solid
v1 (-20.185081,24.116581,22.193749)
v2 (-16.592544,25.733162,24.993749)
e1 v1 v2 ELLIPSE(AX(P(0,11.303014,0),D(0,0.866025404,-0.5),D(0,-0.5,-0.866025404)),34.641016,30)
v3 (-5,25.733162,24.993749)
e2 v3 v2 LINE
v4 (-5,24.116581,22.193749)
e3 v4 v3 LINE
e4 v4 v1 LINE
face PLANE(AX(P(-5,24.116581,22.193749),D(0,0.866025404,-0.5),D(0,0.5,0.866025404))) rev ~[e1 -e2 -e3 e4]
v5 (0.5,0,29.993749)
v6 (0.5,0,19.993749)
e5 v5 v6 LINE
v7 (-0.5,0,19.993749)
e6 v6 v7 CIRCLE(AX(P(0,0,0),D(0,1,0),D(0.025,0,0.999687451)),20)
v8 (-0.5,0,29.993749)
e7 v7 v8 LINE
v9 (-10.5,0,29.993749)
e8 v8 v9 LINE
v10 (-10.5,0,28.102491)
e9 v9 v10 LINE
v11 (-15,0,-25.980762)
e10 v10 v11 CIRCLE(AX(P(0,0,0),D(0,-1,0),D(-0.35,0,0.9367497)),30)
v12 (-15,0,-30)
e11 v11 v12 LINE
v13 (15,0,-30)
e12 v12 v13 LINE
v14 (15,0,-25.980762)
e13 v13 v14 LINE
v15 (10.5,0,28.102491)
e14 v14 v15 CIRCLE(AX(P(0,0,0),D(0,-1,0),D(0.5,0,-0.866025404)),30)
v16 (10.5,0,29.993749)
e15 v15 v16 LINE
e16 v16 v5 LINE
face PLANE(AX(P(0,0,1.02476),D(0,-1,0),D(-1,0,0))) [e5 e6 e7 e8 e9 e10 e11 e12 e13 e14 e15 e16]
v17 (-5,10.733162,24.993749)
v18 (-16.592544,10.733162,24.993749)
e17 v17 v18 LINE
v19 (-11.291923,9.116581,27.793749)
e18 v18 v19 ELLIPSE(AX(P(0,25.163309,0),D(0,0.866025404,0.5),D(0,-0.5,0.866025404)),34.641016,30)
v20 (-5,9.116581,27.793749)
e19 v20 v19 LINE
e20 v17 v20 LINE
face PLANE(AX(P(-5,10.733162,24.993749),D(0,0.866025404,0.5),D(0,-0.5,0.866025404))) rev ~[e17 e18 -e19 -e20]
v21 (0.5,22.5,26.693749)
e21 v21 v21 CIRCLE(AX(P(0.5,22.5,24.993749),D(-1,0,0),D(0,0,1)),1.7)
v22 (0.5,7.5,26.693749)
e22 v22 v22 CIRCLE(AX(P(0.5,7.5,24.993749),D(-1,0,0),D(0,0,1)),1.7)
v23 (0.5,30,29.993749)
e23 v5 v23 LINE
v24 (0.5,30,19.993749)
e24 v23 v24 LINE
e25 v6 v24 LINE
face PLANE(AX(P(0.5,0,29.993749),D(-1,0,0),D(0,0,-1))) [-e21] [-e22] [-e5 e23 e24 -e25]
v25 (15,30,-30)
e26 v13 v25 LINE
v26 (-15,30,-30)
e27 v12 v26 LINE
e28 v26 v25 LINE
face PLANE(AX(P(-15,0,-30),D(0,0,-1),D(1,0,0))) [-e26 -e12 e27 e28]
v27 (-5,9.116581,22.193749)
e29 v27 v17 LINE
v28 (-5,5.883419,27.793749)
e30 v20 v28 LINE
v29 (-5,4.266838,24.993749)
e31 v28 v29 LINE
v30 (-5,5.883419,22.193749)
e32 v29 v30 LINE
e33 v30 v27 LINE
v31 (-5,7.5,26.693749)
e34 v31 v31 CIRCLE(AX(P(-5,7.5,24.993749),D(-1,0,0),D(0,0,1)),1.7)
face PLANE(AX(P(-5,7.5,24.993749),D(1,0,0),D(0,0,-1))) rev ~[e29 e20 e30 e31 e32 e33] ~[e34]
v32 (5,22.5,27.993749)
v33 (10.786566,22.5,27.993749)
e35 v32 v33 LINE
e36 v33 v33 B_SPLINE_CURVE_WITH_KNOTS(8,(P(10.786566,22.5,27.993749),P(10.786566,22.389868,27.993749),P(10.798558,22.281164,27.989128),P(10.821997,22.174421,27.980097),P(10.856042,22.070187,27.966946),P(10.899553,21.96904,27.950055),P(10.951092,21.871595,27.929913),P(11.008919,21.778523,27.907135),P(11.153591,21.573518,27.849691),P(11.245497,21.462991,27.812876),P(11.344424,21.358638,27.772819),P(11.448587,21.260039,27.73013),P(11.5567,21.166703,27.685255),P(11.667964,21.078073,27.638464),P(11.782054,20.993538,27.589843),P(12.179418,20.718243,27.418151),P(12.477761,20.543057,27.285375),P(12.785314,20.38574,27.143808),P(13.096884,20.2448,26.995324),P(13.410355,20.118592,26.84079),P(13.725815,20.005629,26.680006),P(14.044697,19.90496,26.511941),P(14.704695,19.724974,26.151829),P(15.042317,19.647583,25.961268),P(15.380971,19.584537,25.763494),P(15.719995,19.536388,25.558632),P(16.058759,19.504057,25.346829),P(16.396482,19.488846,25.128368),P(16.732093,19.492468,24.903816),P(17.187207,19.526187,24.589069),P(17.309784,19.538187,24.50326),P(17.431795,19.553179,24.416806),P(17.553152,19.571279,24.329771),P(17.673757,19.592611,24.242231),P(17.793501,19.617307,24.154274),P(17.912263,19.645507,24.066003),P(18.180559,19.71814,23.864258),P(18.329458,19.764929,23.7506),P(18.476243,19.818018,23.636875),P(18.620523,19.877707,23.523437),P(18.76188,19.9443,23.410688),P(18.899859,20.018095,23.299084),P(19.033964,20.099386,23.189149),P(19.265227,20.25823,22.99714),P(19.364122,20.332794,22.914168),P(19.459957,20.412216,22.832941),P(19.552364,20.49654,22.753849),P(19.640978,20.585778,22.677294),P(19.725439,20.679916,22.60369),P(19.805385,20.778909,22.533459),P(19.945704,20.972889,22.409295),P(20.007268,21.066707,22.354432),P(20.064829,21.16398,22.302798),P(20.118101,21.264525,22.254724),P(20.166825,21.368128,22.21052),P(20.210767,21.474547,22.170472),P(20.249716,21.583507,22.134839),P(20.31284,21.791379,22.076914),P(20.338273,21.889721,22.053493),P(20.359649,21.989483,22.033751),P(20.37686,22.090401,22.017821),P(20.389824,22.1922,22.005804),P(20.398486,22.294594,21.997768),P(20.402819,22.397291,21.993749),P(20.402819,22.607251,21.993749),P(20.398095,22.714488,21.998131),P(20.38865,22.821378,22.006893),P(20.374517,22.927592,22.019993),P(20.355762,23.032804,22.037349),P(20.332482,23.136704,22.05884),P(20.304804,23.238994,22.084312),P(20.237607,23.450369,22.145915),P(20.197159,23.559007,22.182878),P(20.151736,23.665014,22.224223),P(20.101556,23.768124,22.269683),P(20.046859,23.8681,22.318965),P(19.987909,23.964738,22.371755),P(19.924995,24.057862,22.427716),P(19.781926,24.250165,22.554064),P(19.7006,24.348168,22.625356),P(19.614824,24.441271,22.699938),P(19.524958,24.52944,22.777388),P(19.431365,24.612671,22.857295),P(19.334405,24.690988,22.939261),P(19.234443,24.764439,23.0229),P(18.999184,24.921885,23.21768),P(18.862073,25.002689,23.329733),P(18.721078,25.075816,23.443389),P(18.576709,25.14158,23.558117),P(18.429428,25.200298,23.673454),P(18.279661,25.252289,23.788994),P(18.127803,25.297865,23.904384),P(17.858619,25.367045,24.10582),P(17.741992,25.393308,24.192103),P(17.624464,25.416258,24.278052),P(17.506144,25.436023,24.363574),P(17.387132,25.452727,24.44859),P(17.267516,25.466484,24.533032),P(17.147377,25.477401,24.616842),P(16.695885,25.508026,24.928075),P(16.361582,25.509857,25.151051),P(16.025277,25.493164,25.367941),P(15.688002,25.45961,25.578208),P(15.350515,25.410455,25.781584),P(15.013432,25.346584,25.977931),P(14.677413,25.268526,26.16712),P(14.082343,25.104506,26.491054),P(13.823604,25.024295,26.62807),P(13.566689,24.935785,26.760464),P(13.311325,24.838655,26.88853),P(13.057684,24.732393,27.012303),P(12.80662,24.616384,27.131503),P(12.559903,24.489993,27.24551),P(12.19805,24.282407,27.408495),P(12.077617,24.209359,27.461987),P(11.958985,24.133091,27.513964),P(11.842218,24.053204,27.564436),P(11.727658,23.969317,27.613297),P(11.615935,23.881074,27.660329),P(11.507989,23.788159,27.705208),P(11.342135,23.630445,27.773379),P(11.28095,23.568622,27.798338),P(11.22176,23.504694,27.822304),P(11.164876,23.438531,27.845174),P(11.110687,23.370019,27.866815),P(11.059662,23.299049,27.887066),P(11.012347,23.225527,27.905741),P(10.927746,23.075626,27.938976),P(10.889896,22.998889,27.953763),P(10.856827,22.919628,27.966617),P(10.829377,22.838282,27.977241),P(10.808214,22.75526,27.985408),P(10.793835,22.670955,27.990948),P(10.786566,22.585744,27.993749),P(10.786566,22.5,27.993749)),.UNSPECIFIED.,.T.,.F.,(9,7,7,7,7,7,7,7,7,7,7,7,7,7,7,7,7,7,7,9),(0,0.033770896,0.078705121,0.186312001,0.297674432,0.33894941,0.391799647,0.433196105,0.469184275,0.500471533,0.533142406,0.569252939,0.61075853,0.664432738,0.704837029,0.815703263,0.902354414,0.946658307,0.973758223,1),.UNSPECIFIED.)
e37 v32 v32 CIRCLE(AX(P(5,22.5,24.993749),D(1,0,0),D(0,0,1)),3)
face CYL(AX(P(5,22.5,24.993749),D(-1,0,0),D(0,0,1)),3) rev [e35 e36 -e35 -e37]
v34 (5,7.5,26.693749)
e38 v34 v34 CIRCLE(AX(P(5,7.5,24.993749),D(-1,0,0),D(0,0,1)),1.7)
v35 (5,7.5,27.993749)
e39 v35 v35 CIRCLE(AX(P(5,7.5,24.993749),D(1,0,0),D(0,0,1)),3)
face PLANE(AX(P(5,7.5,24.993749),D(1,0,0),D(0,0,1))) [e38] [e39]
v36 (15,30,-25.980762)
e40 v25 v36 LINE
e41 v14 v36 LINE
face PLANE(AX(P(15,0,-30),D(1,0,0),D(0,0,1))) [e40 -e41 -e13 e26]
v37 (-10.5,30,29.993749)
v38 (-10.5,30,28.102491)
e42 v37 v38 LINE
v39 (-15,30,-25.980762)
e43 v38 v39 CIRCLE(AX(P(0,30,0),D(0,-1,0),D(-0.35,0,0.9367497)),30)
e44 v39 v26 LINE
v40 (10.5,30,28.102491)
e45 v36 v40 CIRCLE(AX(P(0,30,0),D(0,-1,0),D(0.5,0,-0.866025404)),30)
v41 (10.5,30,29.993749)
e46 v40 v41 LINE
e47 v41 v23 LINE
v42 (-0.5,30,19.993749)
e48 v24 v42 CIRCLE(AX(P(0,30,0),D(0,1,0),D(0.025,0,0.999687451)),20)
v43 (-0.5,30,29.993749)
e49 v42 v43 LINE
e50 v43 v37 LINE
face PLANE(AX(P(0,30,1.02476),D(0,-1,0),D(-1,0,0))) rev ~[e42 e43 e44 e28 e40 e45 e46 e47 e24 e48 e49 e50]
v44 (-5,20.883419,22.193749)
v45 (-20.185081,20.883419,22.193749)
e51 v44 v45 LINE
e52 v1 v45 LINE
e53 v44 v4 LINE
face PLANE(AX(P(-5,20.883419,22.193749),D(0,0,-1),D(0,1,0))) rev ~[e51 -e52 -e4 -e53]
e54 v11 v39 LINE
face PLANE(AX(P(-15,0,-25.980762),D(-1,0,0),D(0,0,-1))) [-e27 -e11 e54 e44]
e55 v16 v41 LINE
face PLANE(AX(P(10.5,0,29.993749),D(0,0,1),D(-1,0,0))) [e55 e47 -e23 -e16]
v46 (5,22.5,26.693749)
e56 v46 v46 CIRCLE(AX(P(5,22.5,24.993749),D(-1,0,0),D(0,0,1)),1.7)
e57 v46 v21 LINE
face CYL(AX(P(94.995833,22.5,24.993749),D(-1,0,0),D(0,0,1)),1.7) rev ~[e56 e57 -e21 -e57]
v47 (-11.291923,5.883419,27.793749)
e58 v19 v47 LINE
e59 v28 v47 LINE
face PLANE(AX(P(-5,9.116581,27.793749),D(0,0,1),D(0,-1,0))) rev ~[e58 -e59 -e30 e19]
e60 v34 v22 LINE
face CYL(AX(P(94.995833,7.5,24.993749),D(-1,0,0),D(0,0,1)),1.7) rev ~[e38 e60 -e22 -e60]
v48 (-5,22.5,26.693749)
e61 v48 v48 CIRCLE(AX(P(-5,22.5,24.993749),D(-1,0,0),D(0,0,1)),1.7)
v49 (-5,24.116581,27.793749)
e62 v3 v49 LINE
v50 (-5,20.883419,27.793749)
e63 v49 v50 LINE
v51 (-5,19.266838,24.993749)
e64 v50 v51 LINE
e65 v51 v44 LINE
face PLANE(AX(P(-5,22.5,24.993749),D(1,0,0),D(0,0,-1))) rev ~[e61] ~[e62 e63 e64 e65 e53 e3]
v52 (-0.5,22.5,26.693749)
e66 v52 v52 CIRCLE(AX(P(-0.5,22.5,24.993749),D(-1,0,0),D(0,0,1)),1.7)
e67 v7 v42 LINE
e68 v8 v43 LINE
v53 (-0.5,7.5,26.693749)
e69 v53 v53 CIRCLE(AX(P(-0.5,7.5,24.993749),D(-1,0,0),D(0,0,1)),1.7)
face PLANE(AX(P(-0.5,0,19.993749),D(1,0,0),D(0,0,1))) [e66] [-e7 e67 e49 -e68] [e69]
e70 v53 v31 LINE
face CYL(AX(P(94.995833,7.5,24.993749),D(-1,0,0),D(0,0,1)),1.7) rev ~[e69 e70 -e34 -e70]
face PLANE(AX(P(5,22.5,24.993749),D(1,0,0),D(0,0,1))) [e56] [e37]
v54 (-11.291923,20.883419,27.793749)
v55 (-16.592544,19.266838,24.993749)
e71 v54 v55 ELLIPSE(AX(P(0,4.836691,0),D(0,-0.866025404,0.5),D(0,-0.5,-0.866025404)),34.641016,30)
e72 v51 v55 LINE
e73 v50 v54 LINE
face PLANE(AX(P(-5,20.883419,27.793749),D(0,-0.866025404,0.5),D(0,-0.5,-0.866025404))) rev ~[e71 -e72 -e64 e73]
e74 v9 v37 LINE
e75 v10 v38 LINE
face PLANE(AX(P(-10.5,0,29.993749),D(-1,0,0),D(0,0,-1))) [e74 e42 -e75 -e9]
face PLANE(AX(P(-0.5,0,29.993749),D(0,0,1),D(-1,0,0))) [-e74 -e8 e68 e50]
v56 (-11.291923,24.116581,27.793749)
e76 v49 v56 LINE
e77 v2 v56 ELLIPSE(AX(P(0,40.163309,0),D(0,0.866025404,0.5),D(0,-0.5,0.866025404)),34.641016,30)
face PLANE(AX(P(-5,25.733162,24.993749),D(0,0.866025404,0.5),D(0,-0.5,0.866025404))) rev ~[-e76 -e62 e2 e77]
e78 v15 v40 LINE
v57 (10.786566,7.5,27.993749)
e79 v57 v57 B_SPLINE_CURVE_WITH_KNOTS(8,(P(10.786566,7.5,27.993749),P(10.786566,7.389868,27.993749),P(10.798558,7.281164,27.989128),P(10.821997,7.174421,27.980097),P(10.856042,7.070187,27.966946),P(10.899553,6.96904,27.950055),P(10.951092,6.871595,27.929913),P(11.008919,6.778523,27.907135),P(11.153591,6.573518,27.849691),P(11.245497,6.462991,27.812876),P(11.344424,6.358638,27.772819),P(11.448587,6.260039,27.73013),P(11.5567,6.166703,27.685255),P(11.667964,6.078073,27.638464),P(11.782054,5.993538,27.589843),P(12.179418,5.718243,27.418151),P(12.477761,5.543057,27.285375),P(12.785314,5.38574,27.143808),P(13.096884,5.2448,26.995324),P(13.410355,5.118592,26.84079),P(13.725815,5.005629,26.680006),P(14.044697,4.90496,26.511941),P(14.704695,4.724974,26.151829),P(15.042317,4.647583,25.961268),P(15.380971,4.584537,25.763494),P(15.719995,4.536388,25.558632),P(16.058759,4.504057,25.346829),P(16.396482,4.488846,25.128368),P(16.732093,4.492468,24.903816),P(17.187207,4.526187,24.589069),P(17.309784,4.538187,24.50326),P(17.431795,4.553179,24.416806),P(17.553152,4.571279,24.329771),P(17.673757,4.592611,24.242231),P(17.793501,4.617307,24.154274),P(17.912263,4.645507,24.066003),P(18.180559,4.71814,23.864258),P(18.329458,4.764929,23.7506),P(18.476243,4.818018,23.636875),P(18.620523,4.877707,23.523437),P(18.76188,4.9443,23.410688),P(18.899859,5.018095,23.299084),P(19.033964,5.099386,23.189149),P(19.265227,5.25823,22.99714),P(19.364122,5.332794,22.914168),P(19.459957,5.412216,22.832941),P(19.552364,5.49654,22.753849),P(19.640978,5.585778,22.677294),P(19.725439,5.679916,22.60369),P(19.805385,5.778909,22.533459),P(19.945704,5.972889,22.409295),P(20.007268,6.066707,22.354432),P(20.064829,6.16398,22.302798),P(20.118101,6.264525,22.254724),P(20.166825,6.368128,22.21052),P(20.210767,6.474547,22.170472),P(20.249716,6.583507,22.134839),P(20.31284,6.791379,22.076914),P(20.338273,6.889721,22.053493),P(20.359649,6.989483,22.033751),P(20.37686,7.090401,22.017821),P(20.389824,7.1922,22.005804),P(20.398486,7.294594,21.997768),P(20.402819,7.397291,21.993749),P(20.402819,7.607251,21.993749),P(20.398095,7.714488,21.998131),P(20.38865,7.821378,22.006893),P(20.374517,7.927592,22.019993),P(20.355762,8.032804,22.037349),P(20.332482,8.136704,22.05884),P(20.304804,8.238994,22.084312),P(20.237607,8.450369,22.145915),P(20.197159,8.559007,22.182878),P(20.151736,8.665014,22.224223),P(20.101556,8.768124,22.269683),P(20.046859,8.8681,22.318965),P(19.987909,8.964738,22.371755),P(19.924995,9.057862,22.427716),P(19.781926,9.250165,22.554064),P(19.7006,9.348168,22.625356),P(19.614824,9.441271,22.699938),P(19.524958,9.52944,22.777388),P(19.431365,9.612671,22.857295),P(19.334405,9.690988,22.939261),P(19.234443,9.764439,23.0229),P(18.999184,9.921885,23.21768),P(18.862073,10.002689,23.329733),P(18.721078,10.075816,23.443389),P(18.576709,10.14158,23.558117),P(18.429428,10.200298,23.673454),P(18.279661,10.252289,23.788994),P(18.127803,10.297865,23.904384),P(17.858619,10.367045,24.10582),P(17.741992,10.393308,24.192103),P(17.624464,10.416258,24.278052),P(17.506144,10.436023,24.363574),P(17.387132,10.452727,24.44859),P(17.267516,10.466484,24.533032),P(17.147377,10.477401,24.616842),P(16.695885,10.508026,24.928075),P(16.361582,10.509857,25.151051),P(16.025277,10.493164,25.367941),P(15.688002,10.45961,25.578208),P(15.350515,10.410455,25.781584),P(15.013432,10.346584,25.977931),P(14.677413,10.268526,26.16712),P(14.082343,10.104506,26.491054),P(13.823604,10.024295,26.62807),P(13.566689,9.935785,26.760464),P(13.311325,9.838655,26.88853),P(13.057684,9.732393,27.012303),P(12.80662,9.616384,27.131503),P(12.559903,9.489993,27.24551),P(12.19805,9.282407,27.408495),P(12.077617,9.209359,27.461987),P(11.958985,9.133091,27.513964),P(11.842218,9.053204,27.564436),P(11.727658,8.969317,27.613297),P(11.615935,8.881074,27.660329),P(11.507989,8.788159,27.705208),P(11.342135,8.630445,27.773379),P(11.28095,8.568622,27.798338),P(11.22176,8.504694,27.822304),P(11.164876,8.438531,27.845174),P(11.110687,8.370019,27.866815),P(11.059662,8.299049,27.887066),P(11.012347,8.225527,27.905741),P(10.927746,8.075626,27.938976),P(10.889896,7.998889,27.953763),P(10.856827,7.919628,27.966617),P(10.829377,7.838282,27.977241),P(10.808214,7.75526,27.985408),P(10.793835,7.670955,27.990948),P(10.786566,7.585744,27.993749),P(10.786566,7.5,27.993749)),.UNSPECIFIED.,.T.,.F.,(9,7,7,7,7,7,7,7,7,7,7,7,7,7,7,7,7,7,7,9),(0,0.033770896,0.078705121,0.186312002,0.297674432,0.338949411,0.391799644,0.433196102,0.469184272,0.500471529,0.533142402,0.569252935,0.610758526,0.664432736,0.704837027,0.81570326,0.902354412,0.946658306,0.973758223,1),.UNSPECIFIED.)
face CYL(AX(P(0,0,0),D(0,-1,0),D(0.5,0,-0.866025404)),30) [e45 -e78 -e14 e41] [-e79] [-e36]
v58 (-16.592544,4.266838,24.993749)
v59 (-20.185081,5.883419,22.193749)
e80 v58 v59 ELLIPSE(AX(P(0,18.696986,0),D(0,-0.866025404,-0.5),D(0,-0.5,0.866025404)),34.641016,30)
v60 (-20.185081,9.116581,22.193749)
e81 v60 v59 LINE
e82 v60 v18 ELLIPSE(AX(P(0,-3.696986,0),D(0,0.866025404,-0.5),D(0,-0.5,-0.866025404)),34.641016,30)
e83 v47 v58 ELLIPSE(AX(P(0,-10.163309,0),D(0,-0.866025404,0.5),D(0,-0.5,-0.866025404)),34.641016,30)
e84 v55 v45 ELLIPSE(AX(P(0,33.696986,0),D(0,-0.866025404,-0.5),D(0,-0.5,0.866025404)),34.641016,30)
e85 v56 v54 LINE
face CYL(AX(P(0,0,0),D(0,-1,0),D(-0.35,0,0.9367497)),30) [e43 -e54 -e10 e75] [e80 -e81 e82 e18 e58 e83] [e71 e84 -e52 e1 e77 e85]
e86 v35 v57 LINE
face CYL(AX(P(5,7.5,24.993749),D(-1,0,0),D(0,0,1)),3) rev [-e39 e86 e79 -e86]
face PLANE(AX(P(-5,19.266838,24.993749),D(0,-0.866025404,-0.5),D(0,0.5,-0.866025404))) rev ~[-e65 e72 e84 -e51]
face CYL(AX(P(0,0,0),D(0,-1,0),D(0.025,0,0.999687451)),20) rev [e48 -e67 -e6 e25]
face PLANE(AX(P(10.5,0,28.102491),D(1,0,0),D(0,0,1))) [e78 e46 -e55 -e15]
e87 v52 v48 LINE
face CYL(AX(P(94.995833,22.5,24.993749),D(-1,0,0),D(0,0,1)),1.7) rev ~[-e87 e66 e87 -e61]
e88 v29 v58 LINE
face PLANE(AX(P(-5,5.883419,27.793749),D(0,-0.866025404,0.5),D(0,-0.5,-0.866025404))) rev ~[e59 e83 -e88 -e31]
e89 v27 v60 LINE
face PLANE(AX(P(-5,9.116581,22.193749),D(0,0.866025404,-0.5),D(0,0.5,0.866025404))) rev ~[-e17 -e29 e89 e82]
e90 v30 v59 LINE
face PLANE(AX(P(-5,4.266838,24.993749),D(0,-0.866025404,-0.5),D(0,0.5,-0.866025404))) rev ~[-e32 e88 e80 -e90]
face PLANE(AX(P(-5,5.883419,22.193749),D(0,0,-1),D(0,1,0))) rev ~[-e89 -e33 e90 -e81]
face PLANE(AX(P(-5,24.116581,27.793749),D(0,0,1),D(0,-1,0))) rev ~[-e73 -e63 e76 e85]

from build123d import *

# Parameters (mm, degrees)
BOSS_EXTRUDE1_DEPTH     = 30
CUT_EXTRUDE1_REACH      = 57
CUT_EXTRUDE1_END_RADIUS = 30
SKETCH7_R               = 3
CUT_EXTRUDE2_REACH      = 57
CUT_EXTRUDE2_END_RADIUS = 30
M3_CLEARANCE_HOLE1_D    = 3.4


with BuildPart() as part:
    # Sketch1 → Boss-Extrude1 (new body)
    with BuildSketch(Plane(origin=(0, 0, 0), x_dir=(1, 0, 0), z_dir=(0, 1, 0))):
        with BuildLine():
            Line((-0.5, -19.993749023), (-0.5, -29.993749023))
            Line((-0.5, -29.993749023), (-10.5, -29.993749023))
            Line((-10.5, -29.993749023), (-10.5, -28.102490993))
            ThreePointArc((-10.5, -28.102490993), (-29.896689894, -2.4875557), (-15, 25.980762114))
            Line((-15, 25.980762114), (-15, 30))
            Line((-15, 30), (15, 30))
            Line((15, 30), (15, 25.980762114))
            ThreePointArc((15, 25.980762114), (29.896689894, -2.4875557), (10.5, -28.102490993))
            Line((10.5, -28.102490993), (10.5, -29.993749023))
            Line((10.5, -29.993749023), (0.5, -29.993749023))
            Line((0.5, -29.993749023), (0.5, -19.993749023))
            ThreePointArc((0.5, -19.993749023), (0, 20), (-0.5, -19.993749023))
        make_face()
    extrude(amount=BOSS_EXTRUDE1_DEPTH)

    # Cut-Extrude1: up to this cylinder (the profile starts inside it)
    cut_extrude1_end = Plane(origin=(0, 15, 0), z_dir=(0, -1, 0)) * Cylinder(CUT_EXTRUDE1_END_RADIUS, 190, mode=Mode.PRIVATE)
    # Sketch7 → Cut-Extrude1 (cut, up to the surface)
    with BuildSketch(Plane(origin=(5, 0, 0), x_dir=(0, 0, -1), z_dir=(1, 0, 0)), mode=Mode.PRIVATE) as cut_extrude1_sk1:
        with Locations(Location((-24.993749023, 22.5, 0), (0, 0, 180))):
            Circle(SKETCH7_R)
    cut_extrude1_tool1 = extrude(cut_extrude1_sk1.sketch, amount=CUT_EXTRUDE1_REACH, mode=Mode.PRIVATE) & cut_extrude1_end
    add(cut_extrude1_tool1.solids().sort_by_distance((5, 22.5, 24.993749))[0], mode=Mode.SUBTRACT)
    # Sketch7 → Cut-Extrude1 (cut, up to the surface)
    with BuildSketch(Plane(origin=(5, 0, 0), x_dir=(0, 0, -1), z_dir=(1, 0, 0)), mode=Mode.PRIVATE) as cut_extrude1_sk2:
        with Locations(Location((-24.993749023, 7.5, 0), (0, 0, 180))):
            Circle(SKETCH7_R)
    cut_extrude1_tool2 = extrude(cut_extrude1_sk2.sketch, amount=CUT_EXTRUDE1_REACH, mode=Mode.PRIVATE) & cut_extrude1_end
    add(cut_extrude1_tool2.solids().sort_by_distance((5, 7.5, 24.993749))[0], mode=Mode.SUBTRACT)

    # Cut-Extrude2: up to this cylinder (the profile starts inside it)
    cut_extrude2_end = Plane(origin=(0, 15, 0), z_dir=(0, -1, 0)) * Cylinder(CUT_EXTRUDE2_END_RADIUS, 190, mode=Mode.PRIVATE)
    # Sketch8 → Cut-Extrude2 (cut, up to the surface)
    with BuildSketch(Plane(origin=(-5, 0, 0), x_dir=(0, 0, -1), z_dir=(1, 0, 0)), mode=Mode.PRIVATE) as cut_extrude2_sk1:
        Polygon((-24.993749023, 19.266838493), (-22.193749023, 20.883419246), (-22.193749023, 24.116580754), (-24.993749023, 25.733161507), (-27.793749023, 24.116580754), (-27.793749023, 20.883419246), align=None)
    cut_extrude2_tool1 = extrude(cut_extrude2_sk1.sketch, amount=-CUT_EXTRUDE2_REACH, mode=Mode.PRIVATE) & cut_extrude2_end
    add(cut_extrude2_tool1.solids().sort_by_distance((-5, 22.5, 24.993749))[0], mode=Mode.SUBTRACT)
    # Sketch8 → Cut-Extrude2 (cut, up to the surface)
    with BuildSketch(Plane(origin=(-5, 0, 0), x_dir=(0, 0, -1), z_dir=(1, 0, 0)), mode=Mode.PRIVATE) as cut_extrude2_sk2:
        Polygon((-24.993749023, 4.266838493), (-22.193749023, 5.883419246), (-22.193749023, 9.116580754), (-24.993749023, 10.733161507), (-27.793749023, 9.116580754), (-27.793749023, 5.883419246), align=None)
    cut_extrude2_tool2 = extrude(cut_extrude2_sk2.sketch, amount=-CUT_EXTRUDE2_REACH, mode=Mode.PRIVATE) & cut_extrude2_end
    add(cut_extrude2_tool2.solids().sort_by_distance((-5, 7.5, 24.993749))[0], mode=Mode.SUBTRACT)

    # M3 Clearance Hole1 (through all)
    with Locations(Plane(origin=(5, 0, 0), x_dir=(0, 0, -1), z_dir=(1, 0, 0))):
        with Locations((-24.993749023, 7.5), (-24.993749023, 22.5)):
            Hole(M3_CLEARANCE_HOLE1_D / 2)


solid = part.part
